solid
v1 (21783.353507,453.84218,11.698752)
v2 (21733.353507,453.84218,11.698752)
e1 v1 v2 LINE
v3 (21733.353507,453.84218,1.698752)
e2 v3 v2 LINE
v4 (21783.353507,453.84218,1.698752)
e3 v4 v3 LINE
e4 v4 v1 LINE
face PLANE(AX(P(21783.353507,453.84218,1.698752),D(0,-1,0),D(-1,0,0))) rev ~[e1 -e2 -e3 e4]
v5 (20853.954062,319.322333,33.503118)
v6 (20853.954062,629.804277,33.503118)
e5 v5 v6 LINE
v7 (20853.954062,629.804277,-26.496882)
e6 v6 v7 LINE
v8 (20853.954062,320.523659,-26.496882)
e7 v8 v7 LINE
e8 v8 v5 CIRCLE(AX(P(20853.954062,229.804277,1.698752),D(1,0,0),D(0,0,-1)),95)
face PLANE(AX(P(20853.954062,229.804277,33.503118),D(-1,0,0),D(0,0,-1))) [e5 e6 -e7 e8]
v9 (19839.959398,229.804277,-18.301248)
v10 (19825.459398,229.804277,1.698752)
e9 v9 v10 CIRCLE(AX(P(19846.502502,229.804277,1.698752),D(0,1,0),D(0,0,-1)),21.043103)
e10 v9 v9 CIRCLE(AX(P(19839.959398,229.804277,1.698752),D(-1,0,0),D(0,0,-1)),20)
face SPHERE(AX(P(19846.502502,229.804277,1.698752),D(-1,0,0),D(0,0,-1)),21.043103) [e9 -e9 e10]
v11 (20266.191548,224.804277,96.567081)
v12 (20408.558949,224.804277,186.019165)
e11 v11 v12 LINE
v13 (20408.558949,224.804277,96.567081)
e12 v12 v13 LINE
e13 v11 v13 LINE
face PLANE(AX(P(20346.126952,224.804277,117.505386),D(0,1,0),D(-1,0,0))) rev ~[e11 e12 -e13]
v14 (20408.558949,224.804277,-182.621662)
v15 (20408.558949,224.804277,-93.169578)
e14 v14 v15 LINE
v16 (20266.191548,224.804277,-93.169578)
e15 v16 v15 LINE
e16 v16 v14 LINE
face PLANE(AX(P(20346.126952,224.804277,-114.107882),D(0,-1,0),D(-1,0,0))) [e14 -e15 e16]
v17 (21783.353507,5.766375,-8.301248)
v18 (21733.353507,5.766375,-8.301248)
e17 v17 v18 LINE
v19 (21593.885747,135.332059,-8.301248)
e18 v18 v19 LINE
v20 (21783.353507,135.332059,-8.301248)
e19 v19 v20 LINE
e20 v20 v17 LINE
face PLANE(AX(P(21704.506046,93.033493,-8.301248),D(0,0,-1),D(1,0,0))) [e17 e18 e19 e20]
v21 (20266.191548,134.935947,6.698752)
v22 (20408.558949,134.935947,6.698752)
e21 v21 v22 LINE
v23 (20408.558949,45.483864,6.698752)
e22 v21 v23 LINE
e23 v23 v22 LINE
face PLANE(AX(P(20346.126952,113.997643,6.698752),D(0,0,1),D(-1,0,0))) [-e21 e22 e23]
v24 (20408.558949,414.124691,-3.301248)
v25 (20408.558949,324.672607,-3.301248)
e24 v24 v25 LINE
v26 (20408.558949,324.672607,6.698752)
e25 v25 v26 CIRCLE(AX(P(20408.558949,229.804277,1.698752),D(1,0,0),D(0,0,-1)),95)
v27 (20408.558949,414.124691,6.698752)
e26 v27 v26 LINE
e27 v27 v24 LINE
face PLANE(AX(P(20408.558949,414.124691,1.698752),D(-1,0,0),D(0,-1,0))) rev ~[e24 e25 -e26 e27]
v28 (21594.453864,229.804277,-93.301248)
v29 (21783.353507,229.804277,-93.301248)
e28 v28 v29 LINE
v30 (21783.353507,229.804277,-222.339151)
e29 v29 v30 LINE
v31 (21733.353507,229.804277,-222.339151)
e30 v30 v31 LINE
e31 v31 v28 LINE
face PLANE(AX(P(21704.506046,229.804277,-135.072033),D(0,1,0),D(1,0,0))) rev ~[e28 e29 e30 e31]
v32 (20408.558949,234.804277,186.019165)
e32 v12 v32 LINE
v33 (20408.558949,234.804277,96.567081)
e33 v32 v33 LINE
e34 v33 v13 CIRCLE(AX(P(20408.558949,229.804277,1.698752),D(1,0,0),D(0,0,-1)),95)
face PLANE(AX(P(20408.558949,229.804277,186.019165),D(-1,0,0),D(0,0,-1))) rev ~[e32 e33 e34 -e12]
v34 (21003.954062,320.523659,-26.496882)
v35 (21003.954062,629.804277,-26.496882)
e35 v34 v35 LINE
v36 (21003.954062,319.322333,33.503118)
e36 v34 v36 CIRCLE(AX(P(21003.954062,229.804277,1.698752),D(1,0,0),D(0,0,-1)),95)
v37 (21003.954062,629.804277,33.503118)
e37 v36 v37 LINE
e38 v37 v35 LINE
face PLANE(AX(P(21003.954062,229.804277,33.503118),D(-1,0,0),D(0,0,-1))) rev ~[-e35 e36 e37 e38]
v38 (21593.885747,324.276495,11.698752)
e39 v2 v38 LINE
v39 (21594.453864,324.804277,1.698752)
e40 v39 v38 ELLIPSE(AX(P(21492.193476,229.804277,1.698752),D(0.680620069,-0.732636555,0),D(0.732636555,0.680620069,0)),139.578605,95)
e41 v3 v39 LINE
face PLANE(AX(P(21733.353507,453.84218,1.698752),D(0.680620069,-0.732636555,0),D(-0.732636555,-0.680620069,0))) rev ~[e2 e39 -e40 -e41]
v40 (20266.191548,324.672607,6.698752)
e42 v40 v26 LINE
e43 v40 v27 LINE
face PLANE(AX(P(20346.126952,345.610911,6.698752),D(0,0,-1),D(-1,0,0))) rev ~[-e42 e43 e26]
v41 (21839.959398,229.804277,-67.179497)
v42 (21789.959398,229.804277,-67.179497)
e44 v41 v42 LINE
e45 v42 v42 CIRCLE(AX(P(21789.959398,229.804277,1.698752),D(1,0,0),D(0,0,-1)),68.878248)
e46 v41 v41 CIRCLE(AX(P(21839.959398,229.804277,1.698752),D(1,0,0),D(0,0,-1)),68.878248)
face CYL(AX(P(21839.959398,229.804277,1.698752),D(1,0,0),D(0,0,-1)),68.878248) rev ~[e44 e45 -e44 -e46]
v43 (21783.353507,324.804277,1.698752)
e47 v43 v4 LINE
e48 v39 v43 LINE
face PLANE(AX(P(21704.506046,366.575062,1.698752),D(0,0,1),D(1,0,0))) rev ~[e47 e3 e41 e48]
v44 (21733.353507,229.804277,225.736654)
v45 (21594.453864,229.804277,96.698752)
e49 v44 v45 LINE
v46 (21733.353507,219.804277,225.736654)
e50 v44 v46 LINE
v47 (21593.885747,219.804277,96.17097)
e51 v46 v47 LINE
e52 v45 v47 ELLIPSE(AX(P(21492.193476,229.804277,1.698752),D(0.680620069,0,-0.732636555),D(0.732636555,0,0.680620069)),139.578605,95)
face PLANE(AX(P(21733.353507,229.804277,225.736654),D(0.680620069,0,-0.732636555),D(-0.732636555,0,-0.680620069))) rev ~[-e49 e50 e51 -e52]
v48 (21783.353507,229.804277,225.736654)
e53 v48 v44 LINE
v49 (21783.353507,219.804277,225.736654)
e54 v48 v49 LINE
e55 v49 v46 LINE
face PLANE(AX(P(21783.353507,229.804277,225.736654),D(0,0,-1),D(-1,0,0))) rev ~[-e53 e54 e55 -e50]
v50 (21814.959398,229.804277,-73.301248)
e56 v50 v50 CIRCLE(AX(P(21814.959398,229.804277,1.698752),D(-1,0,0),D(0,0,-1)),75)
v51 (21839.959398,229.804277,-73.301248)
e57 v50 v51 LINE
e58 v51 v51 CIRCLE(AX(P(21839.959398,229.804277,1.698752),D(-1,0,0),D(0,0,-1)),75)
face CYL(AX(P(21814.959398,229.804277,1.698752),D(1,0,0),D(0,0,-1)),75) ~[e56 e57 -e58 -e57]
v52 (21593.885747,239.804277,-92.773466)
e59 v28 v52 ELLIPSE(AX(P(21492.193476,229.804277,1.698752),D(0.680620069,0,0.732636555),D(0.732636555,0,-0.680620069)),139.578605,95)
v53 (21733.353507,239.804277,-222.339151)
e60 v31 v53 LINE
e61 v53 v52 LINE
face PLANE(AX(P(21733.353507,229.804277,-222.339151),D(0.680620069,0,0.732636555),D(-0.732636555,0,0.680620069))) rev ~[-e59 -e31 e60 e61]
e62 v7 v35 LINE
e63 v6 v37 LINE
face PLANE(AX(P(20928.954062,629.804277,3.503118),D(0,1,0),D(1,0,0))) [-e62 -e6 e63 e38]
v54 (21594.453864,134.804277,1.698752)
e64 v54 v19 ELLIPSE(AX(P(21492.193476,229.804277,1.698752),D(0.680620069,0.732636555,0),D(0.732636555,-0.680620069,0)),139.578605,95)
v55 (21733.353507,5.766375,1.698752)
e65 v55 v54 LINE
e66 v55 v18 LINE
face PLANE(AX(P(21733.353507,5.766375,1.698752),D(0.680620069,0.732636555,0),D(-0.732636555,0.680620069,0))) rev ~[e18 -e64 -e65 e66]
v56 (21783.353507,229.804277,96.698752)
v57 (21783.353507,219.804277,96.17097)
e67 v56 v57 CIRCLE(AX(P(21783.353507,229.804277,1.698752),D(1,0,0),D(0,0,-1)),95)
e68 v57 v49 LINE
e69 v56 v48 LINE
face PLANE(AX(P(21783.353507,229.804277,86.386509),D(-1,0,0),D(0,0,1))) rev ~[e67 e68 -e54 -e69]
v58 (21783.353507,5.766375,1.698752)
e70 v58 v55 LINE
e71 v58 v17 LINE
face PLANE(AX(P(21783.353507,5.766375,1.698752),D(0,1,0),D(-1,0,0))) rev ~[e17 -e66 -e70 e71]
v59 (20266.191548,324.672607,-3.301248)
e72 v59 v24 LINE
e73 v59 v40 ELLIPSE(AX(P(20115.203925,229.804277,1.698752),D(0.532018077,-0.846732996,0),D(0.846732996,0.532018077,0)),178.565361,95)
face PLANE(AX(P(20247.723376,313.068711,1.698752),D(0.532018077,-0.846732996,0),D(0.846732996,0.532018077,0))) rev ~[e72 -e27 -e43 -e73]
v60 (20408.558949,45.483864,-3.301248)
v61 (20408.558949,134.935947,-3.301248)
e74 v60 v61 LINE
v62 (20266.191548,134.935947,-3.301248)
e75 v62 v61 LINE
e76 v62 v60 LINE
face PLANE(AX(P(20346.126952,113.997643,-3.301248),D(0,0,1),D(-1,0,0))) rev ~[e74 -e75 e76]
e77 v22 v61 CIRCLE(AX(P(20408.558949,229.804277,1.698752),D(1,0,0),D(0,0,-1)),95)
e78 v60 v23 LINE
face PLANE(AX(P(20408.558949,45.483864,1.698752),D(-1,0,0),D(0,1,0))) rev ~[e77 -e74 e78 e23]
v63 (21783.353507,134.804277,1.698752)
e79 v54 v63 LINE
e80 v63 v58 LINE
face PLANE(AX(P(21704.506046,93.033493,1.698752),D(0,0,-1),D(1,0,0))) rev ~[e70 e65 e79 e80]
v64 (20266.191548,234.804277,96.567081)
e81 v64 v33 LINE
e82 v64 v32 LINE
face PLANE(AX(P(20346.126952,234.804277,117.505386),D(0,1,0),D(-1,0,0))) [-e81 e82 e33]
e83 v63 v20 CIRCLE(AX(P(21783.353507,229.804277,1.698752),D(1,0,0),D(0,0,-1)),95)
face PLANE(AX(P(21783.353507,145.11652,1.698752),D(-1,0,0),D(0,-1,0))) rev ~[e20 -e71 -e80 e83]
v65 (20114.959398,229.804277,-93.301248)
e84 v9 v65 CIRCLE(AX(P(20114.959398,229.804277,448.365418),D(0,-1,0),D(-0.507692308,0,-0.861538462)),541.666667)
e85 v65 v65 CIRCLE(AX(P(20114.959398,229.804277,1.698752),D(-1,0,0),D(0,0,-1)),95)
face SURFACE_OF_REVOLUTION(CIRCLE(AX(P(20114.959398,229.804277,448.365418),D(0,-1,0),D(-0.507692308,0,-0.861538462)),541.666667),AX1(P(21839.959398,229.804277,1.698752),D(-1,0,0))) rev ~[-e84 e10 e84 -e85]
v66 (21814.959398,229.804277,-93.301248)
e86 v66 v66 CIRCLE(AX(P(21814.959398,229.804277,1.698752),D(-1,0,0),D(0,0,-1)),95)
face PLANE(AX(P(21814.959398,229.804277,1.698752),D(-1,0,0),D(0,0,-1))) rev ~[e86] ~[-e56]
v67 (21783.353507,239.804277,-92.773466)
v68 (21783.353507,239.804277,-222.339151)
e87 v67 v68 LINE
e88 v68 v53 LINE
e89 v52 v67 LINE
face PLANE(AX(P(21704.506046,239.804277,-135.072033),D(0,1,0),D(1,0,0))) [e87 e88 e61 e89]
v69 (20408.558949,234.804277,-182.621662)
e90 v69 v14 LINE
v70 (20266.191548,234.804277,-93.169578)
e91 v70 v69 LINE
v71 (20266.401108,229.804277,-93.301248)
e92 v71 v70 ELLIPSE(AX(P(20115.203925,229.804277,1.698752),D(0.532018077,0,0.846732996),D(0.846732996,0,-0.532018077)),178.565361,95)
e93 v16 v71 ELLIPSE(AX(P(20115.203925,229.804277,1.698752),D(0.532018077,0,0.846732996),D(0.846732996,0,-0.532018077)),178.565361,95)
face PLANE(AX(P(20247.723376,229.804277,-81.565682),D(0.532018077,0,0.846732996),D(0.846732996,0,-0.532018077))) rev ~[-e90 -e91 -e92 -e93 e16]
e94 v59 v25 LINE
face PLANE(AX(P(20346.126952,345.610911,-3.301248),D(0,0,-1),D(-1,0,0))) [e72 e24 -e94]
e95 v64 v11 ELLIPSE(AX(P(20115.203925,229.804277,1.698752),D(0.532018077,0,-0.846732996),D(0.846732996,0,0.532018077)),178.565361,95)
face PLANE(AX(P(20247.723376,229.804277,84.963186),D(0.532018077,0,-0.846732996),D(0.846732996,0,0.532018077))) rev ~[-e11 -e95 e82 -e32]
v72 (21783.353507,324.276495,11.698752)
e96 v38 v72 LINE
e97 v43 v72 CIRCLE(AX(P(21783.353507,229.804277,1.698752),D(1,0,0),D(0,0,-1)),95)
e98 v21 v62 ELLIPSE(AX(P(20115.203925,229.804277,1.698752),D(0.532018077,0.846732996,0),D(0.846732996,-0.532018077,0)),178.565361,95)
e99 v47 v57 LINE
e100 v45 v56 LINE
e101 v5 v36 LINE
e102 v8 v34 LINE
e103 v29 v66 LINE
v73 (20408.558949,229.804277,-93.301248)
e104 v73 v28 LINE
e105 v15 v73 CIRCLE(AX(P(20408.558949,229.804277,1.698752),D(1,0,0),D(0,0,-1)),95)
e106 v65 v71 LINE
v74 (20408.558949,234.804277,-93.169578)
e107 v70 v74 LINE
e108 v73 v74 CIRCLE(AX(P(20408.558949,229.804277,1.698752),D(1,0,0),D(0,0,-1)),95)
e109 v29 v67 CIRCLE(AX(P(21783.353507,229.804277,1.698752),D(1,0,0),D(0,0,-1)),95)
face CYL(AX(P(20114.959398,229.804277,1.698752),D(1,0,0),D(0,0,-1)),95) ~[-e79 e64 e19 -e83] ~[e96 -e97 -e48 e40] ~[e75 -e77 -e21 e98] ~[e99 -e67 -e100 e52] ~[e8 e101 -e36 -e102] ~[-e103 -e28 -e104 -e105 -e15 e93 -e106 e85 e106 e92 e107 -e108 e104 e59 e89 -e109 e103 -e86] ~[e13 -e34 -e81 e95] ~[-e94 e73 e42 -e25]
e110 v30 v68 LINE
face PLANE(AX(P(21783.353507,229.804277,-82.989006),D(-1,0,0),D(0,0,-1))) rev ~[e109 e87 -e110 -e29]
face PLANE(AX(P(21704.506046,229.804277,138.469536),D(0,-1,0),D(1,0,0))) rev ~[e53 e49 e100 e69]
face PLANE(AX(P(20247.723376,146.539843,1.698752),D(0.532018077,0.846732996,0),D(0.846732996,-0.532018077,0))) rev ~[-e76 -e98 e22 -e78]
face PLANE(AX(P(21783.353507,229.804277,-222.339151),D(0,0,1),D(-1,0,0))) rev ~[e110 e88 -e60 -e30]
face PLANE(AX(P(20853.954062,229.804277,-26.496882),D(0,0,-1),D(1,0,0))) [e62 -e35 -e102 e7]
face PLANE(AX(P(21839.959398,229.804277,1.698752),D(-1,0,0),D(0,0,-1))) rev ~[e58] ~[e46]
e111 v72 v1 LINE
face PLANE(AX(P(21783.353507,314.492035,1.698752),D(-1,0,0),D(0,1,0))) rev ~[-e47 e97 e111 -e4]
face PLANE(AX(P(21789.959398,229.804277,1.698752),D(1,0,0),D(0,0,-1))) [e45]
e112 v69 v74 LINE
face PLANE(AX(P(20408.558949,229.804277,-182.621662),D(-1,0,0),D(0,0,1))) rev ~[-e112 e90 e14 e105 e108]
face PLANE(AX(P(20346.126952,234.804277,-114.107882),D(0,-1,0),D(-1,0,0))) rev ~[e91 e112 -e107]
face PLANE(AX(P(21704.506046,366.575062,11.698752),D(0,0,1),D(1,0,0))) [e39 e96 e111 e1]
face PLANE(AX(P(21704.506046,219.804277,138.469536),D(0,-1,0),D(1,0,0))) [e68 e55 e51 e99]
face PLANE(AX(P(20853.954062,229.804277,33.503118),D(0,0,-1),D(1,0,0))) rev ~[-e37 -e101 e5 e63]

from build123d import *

# Parameters (mm, degrees)
D_ME1_FACE_RADIUS            = 400
D_ME1_HEIGHT                 = 290
ESQUISSE2_R                  = 1377.564968988
ENL_V_MAT_EXTRU_1_DEPTH      = 1000
BOSS_EXTRU_1_DEPTH           = 200
R_P_TITION_CIRCULAIRE1_COUNT = 4
BOSS_EXTRU_2_DEPTH           = 100
R_P_TITION_CIRCULAIRE2_COUNT = 4
ESQUISSE6_W                  = 3000
ESQUISSE6_H                  = 1200
BOSS_EXTRU_3_DEPTH           = 8000
ECHELLE1_SCALE               = 0.05


with BuildPart() as part:
    # Esquisse1 → Révolution1 (revolve)
    with BuildSketch(Plane(origin=(0, 0, 0), x_dir=(1, 0, 0), z_dir=(0, 1, 0))):
        with BuildLine():
            Line((0, 0), (0, 400))
            ThreePointArc((0, 400), (2649.561437252, 1518.274730075), (5500, 1900))
            Line((5500, 1900), (39500, 1900))
            Line((39500, 1900), (39500, 1500))
            Line((39500, 1500), (40000, 1500))
            Line((40000, 1500), (40000, 0))
            Line((40000, 0), (0, 0))
        make_face()
    revolve(axis=Axis((40000, 0, 0), (-1, 0, 0)))

    # Dôme1: a dome of height H over a round flat face of radius A is a cap of a sphere of radius (A * A + H * H) / (2 * H)
    d_me1_r = (D_ME1_FACE_RADIUS * D_ME1_FACE_RADIUS + D_ME1_HEIGHT * D_ME1_HEIGHT) / (2 * D_ME1_HEIGHT)
    d_me1_base = Plane((0, 0, 0), z_dir=(-1, 0, 0))
    with Locations(d_me1_base.offset(D_ME1_HEIGHT - d_me1_r)):
        d_me1_ball = Sphere(d_me1_r, mode=Mode.PRIVATE)
    add(split(d_me1_ball, bisect_by=d_me1_base, keep=Keep.TOP, mode=Mode.PRIVATE))

    # Esquisse2 → Enlèv. mat.-Extru.1 (cut)
    with BuildSketch(Plane(origin=(40000, 0, 0), x_dir=(0, 0, -1), z_dir=(1, 0, 0))):
        Circle(ESQUISSE2_R)
    extrude(amount=-ENL_V_MAT_EXTRU_1_DEPTH, mode=Mode.SUBTRACT)

    # Esquisse3 → Boss.-Extru.1 (add)
    with BuildSketch(Plane.XY):
        Polygon((38867.882175008, 1693.755150427), (38867.882175008, 4480.75805387), (37867.882175008, 4480.75805387), (34867.882175008, 1693.755150427), align=None)
    boss_extru_1 = extrude(amount=BOSS_EXTRU_1_DEPTH)

    # Répétition circulaire1: Boss.-Extru.1 ×4 about axis
    r_p_tition_circulaire1_axis = Axis((0, 0, 0), (1, 0, 0))
    for i in range(1, R_P_TITION_CIRCULAIRE1_COUNT):
        add(boss_extru_1.rotate(r_p_tition_circulaire1_axis, i * 360 / R_P_TITION_CIRCULAIRE1_COUNT))

    # Esquisse4 → Boss.-Extru.2 (add, symmetric)
    with BuildSketch(Plane.XY):
        Polygon((8155.279549148, 1665.288677311), (11371.991011305, 3686.408268577), (11371.991011305, 1665.288677311), align=None)
    boss_extru_2 = extrude(amount=BOSS_EXTRU_2_DEPTH, both=True)

    # Répétition circulaire2: Boss.-Extru.2 ×4 about axis
    r_p_tition_circulaire2_axis = Axis((0, 0, 0), (1, 0, 0))
    for i in range(1, R_P_TITION_CIRCULAIRE2_COUNT):
        add(boss_extru_2.rotate(r_p_tition_circulaire2_axis, i * 360 / R_P_TITION_CIRCULAIRE2_COUNT))

    # Esquisse6 → Boss.-Extru.3 (add)
    with BuildSketch(Plane(origin=(0, 0, 0), x_dir=(1, 0, 0), z_dir=(0, 1, 0))):
        with Locations((21779.89327035, -36.087335649)):
            Rectangle(ESQUISSE6_W, ESQUISSE6_H)
    extrude(amount=BOSS_EXTRU_3_DEPTH)


with BuildPart() as part_1:
    # Echelle1: scaled about (20884.167787821, 241.899239244, 1.78815963)
    add(part.part.scale(ECHELLE1_SCALE).moved(Location((19839.95939843, 229.804277282, 1.698751648))))


solid = part_1.part
